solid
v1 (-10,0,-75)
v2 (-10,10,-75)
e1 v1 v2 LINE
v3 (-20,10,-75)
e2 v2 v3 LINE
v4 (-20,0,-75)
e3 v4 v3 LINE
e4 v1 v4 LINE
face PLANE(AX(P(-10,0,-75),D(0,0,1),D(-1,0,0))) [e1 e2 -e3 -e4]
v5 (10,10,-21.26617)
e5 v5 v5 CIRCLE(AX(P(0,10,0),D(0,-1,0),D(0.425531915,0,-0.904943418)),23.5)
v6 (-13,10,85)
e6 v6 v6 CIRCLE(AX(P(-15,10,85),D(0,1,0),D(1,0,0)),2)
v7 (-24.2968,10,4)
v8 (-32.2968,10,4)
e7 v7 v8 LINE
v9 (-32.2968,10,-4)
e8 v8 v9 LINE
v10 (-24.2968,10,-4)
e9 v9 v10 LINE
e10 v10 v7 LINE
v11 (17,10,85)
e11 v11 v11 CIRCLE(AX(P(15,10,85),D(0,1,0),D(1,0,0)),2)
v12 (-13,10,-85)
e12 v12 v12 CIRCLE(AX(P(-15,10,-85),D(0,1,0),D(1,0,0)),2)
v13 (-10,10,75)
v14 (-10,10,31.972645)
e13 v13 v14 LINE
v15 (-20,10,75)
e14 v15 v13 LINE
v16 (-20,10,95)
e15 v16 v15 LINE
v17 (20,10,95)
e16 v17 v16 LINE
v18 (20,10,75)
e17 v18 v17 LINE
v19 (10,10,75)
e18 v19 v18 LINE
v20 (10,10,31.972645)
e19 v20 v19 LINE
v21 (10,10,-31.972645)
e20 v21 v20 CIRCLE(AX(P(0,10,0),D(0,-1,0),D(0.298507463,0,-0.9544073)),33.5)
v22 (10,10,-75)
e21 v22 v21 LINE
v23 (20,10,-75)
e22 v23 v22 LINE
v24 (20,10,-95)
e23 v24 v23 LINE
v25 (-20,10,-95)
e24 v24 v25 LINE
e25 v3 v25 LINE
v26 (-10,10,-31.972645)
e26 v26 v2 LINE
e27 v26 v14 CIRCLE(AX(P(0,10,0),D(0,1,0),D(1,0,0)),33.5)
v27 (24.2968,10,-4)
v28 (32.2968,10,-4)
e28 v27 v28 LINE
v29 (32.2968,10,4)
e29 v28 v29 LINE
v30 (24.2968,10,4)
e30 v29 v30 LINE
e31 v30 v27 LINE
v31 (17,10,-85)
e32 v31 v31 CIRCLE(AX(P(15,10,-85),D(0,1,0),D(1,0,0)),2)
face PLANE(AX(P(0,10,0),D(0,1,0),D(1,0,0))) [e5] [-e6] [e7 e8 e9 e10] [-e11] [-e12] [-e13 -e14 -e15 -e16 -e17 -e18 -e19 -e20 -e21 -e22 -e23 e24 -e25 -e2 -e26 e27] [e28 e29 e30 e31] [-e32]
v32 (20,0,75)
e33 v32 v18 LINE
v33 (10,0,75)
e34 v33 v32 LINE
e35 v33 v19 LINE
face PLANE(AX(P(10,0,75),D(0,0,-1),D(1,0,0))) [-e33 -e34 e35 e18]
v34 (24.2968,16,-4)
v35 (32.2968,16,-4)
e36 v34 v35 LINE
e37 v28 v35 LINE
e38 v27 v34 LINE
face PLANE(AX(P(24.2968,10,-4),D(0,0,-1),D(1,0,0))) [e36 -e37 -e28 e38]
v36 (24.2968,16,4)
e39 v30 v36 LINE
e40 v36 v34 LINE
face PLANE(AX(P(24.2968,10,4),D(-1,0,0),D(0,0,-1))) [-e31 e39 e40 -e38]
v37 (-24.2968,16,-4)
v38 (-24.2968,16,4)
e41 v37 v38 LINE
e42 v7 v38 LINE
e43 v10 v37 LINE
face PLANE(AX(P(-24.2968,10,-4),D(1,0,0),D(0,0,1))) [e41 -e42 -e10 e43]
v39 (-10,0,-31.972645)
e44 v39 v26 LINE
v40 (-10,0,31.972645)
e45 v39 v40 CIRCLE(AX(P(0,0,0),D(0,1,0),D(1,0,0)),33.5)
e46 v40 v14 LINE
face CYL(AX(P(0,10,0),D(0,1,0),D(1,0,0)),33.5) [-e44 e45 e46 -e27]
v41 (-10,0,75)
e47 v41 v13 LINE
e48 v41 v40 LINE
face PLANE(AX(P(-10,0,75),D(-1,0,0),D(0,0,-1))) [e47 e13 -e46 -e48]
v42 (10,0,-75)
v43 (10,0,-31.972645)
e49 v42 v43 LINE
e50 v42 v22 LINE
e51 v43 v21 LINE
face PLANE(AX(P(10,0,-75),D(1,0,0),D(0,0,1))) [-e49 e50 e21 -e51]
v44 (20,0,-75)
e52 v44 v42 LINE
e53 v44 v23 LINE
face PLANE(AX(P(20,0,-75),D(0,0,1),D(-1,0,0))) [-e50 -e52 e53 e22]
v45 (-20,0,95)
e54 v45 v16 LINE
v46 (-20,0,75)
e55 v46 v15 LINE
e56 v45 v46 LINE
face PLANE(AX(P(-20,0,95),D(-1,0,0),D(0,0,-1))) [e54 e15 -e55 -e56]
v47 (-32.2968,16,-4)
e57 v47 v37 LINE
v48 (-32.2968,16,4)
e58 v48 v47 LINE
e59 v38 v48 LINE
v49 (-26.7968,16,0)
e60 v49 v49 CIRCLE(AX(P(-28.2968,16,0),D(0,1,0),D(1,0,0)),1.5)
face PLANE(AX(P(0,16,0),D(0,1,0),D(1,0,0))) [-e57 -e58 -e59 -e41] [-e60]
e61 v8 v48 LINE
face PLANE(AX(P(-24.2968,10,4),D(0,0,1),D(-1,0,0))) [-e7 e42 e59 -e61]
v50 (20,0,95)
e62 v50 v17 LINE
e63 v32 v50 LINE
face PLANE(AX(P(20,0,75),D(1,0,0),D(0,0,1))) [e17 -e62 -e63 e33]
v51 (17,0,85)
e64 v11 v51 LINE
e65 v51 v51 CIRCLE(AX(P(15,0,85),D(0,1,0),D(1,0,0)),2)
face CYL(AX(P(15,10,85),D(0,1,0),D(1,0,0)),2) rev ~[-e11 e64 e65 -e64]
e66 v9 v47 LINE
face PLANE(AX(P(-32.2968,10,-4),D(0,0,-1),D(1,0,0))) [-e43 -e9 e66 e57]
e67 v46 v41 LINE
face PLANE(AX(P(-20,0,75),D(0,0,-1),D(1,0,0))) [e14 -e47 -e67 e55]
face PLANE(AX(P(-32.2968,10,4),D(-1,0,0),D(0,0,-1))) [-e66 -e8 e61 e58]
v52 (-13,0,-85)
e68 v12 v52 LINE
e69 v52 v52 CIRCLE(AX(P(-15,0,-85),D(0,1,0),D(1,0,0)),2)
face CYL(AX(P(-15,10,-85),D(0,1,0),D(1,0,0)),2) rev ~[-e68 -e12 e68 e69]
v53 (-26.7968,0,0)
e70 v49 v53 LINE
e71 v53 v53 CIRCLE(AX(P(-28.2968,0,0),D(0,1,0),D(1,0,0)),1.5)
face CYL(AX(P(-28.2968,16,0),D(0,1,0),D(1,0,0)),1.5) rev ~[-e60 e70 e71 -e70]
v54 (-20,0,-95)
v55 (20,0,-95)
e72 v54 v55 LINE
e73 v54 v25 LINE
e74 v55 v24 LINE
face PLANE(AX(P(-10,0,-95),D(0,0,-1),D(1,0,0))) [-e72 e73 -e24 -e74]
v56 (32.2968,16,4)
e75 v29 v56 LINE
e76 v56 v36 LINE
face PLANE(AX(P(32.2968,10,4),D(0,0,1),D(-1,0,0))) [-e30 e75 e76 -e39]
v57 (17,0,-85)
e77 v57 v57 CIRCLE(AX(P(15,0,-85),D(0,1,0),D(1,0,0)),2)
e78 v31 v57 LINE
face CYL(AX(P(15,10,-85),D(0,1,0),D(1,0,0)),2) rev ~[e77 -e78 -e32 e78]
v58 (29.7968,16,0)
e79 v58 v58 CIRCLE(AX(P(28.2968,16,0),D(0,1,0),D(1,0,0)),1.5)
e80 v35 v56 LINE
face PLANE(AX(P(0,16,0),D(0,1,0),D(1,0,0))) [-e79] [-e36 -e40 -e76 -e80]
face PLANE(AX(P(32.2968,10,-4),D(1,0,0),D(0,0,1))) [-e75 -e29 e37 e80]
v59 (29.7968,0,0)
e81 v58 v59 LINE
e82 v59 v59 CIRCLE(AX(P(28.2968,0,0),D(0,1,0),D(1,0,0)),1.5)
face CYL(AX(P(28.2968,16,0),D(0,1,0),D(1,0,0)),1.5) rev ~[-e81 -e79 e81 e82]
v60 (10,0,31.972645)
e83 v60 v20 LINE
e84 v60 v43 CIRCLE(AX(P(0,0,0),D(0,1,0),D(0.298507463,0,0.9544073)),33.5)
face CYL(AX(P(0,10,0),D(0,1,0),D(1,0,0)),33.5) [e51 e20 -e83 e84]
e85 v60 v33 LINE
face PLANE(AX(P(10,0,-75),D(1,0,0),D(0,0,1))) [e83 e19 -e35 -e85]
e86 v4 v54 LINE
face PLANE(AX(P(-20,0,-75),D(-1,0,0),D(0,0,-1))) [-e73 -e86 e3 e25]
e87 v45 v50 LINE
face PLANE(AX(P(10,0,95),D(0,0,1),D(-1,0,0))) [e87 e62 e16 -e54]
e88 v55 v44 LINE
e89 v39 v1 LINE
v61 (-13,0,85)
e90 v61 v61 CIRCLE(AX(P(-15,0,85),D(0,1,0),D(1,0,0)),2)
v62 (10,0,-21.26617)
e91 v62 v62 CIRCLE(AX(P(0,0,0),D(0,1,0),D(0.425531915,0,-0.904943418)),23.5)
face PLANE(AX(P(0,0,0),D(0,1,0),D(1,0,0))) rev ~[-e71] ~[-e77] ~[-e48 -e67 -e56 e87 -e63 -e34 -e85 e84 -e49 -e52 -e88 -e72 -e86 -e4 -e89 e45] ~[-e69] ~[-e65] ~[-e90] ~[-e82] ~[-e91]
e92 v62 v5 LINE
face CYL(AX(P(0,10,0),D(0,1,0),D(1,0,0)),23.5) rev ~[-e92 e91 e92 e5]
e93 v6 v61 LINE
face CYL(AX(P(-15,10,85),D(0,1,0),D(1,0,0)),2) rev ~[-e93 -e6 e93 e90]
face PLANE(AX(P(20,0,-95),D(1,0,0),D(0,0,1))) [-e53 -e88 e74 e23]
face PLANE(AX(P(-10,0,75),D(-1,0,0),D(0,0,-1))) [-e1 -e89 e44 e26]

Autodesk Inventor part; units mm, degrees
ref_plane "YZ Plane" through (0, 0, 0) normal (1, 0, 0) x (0, 1, 0)
ref_plane "XZ Plane" through (0, 0, 0) normal (0, 1, 0) x (-1, 0, 0)
ref_plane "XY Plane" through (0, 0, 0) normal (0, 0, 1) x (1, 0, 0)
sketch "Sketch1" plane through (0, 0, 0) normal (0, 1, 0) x (-1, 0, 0)
  line L0 (-10, 95) -> (10, 95)
  line L1 (10, 95) -> (10, -95)
  line L2 (10, -95) -> (-10, -95)
  line L3 (-10, -95) -> (-10, 95)
  line L4 (-10, 95) -> (10, -95) construction
  line L5 (10, 95) -> (-10, -95) construction
  line L6 (20, -95) -> (-20, -95)
  line L7 (-20, -95) -> (-20, -75)
  line L8 (-20, -75) -> (20, -75)
  line L9 (20, -75) -> (20, -95)
  line L10 (-20, 95) -> (20, 95)
  line L11 (20, 95) -> (20, 75)
  line L12 (20, 75) -> (-20, 75)
  line L13 (-20, 75) -> (-20, 95)
  point P0 (0, 0)
  point P1 (-10, 75)
  point P2 (-10, -75)
  point P3 (10, -75)
  point P4 (10, 75)
  dimension "d0" = 20
  dimension "d1" = 190
  dimension "d2" = 40
  dimension "d3" = 20
  dimension "d4" = 40
  dimension "d5" = 20
extrude "Extrusion1" add sketch "Sketch1" along normal blind 10
sketch "Sketch2" plane through (0, 10, 0) normal (0, 1, 0) x (1, 0, 0)
  circle A0 centre (0, 0) radius 23.5
  circle A1 centre (0, 0) radius 33.5
  dimension "d8" = 47
  dimension "d9" = 67
extrude "Extrusion2" add sketch "Sketch2" against normal blind 10
sketch "Sketch3" plane through (0, 10, 0) normal (0, 1, 0) x (1, 0, 0)
  circle A0 centre (0, 0) radius 23.5
extrude "Extrusion3" cut sketch "Sketch3" against normal blind 10
sketch "Sketch4" plane through (0, 10, 0) normal (0, 1, 0) x (1, 0, 0)
  circle A0 centre (-15, -85) radius 2
  circle A1 centre (15, -85) radius 2
  circle A2 centre (-15, 85) radius 2
  circle A3 centre (15, 85) radius 2
  point P0 (0, 0)
  dimension "d14" = 4
  dimension "d15" = 4
  dimension "d16" = 4
  dimension "d17" = 4
extrude "Extrusion4" cut sketch "Sketch4" against normal blind 10
sketch "Sketch5" plane through (0, 10, 0) normal (0, 1, 0) x (1, 0, 0)
  line L0 (24.2968, 4) -> (32.2968, 4)
  line L1 (32.2968, 4) -> (32.2968, -4)
  line L2 (32.2968, -4) -> (24.2968, -4)
  line L3 (24.2968, -4) -> (24.2968, 4)
  line L4 (24.2968, 4) -> (32.2968, -4) construction
  line L5 (32.2968, 4) -> (24.2968, -4) construction
  line L6 (-32.2968, -4) -> (-32.2968, 4)
  line L7 (-32.2968, 4) -> (-24.2968, 4)
  line L8 (-24.2968, 4) -> (-24.2968, -4)
  line L9 (-24.2968, -4) -> (-32.2968, -4)
  point P0 (0, 0)
  point P1 (28.2968, 0)
  point P2 (-28.2968, 0)
  dimension "d20" = 8
  dimension "d21" = 8
  dimension "d24" = 360
extrude "Extrusion5" add sketch "Sketch5" along normal blind 6
sketch "Sketch6" plane through (0, 16, 0) normal (0, 1, 0) x (1, 0, 0)
  line L0 (24.2968, 4) -> (24.2968, -4) projected
  line L1 (32.2968, 4) -> (24.2968, 4)
  line L2 (24.2968, 4) -> (24.2968, -4)
  line L3 (24.2968, -4) -> (32.2968, -4)
  line L4 (32.2968, -4) -> (32.2968, 4)
  circle A0 centre (28.2968, 0) radius 1.5
  circle A1 centre (-28.2968, 0) radius 1.5
  point P0 (0, 0)
  dimension "d28" = 3
  dimension "d31" = 360
extrude "Extrusion6" cut sketch "Sketch6" against normal through all contours A0 | A1
properties part number "upper_grip"
